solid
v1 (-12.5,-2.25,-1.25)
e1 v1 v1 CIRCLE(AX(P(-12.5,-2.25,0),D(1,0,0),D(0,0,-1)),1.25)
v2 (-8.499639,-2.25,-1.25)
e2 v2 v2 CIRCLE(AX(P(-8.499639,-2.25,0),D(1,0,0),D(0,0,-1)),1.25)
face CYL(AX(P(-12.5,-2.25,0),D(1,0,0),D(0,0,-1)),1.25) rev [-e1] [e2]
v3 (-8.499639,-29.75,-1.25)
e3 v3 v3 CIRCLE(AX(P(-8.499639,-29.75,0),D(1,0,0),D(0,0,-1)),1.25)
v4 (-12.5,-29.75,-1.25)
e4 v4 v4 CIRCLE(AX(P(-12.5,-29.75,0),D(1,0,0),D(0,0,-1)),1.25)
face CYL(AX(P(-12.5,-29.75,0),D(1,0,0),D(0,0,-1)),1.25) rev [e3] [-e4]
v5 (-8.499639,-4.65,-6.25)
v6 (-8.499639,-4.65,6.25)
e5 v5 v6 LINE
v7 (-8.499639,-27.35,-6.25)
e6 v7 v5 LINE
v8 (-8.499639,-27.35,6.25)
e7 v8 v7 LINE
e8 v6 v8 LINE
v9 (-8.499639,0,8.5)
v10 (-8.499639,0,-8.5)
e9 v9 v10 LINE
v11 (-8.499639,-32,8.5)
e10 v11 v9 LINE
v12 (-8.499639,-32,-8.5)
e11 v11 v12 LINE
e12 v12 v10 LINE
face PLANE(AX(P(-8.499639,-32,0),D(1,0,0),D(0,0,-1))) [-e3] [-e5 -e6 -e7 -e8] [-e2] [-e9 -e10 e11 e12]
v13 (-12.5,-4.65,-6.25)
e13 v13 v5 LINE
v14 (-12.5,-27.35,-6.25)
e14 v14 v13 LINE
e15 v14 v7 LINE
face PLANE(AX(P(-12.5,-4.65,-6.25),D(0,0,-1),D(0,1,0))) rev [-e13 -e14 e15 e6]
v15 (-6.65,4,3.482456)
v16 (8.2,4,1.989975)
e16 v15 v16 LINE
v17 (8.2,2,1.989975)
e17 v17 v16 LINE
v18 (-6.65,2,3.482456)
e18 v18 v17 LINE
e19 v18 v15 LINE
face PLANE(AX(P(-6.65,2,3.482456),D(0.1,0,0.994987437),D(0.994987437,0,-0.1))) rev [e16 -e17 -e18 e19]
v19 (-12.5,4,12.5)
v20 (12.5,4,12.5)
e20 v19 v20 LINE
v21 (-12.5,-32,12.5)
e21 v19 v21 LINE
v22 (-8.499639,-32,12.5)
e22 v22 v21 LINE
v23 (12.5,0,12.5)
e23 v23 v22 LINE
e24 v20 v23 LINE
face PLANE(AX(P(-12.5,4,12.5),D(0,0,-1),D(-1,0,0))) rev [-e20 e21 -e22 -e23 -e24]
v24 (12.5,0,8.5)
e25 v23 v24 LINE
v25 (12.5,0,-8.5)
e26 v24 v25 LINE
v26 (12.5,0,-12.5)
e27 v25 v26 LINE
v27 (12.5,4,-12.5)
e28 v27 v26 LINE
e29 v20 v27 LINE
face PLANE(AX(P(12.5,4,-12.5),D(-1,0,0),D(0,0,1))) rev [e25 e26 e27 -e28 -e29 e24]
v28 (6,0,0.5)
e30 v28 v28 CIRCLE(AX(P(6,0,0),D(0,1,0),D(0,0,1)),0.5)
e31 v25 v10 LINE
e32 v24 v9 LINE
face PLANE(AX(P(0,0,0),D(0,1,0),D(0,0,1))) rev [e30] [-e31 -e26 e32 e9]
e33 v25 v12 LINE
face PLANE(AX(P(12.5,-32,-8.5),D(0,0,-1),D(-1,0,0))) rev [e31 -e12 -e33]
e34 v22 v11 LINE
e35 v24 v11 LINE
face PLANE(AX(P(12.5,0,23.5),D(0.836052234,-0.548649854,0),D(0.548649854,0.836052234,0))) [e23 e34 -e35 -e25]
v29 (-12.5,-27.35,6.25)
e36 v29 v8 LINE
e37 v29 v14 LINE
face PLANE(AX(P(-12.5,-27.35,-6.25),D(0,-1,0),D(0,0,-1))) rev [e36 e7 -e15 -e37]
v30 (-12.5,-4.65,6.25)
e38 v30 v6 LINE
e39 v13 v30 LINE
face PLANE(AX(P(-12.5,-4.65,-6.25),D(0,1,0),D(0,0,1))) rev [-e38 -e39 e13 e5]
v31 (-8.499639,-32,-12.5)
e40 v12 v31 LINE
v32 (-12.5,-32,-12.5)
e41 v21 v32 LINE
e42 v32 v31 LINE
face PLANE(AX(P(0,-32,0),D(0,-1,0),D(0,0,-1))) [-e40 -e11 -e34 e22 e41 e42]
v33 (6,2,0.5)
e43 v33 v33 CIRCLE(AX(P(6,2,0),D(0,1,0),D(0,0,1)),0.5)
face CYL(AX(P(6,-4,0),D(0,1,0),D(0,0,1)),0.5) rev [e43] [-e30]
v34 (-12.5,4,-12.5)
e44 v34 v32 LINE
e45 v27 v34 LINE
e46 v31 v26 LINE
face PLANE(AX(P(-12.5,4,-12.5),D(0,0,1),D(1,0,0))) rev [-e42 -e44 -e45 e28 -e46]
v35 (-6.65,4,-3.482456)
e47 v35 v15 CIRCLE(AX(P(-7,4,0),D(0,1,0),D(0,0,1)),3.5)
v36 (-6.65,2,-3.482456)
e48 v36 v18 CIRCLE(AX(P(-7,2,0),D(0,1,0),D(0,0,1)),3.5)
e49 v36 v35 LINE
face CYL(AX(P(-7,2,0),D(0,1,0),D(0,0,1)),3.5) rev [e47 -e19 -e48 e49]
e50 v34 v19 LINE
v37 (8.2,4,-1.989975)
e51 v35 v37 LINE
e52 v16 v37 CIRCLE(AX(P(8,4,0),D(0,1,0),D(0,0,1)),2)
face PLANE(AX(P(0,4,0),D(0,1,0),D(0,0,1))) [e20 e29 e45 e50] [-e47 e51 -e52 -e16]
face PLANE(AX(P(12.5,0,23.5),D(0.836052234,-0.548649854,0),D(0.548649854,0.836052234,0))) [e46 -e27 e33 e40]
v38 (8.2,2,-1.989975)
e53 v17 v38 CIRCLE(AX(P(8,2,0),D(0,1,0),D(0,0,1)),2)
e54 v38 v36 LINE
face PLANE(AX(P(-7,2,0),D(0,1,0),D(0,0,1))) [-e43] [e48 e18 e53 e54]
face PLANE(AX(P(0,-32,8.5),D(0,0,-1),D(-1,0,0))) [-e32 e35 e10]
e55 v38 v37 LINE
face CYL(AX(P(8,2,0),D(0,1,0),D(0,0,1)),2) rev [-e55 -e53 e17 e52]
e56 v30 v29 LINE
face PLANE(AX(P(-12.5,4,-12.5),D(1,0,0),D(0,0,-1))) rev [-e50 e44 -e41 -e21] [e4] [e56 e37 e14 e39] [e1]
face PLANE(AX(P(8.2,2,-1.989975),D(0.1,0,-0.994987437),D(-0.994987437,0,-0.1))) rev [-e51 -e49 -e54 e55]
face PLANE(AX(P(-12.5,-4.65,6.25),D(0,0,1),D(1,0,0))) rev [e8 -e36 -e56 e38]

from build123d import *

# Parameters (mm, degrees)
SKETCH_2_W               = 25
SKETCH_2_H               = 25
EXTRUDE_1_DEPTH          = 4
EXTRUDE_2_DEPTH          = 4
CUT_EXTRUDE_START        = -6
CUT_EXTRUDE_1_DEPTH      = 6
SKETCH_8_R               = 0.5
CUT_EXTRUDE_2_DEPTH      = 6
SKETCH_11_W              = 20.999639265
SKETCH_11_H              = 4
EXTRUDE_3_DEPTH          = 32
CUT_EXTRUDE_4_DEPTH      = 32
CUT_EXTRUDE_4_DEPTH_BACK = 32
SKETCH_13_R              = 1.25
SKETCH_13_W              = 12.5
SKETCH_13_H              = 22.7
CUT_EXTRUDE_5_DEPTH      = 41.264560711


with BuildPart() as part:
    # 草图2 → 凸台-拉伸1 (new body)
    with BuildSketch(Plane(origin=(0, 0, 0), x_dir=(1, 0, 0), z_dir=(0, 1, 0))):
        Rectangle(SKETCH_2_W, SKETCH_2_H)
    extrude(amount=EXTRUDE_1_DEPTH)

    # 草图3 → 凸台-拉伸2 (add)
    with BuildSketch(Plane(origin=(0, 4, 0), x_dir=(1, 0, 0), z_dir=(0, 1, 0))):
        with BuildLine():
            ThreePointArc((-3.5, 0), (-4.40433053, 2.347871376), (-6.65, 3.48245603))
            Line((-6.65, 3.48245603), (-6.65, -3.48245603))
            ThreePointArc((-6.65, -3.48245603), (-4.40433053, -2.347871376), (-3.5, 0))
        make_face()
        with BuildLine():
            Line((-6.65, -3.48245603), (-6.65, 3.48245603))
            ThreePointArc((-6.65, 3.48245603), (-10.5, 0), (-6.65, -3.48245603))
        make_face()
        with BuildLine():
            ThreePointArc((-3.5, 0), (-4.40433053, 2.347871376), (-6.65, 3.48245603))
            Line((-6.65, 3.48245603), (-6.65, -3.48245603))
            ThreePointArc((-6.65, -3.48245603), (-4.40433053, -2.347871376), (-3.5, 0))
        make_face()
        with BuildLine():
            Line((-6.65, -3.48245603), (-6.65, 3.48245603))
            ThreePointArc((-6.65, 3.48245603), (-10.5, 0), (-6.65, -3.48245603))
        make_face()
        with BuildLine():
            Line((8.2, 1.989974874), (-6.65, 3.48245603))
            ThreePointArc((-6.65, 3.48245603), (-4.40433053, 2.347871376), (-3.5, 0))
            ThreePointArc((-3.5, 0), (-4.40433053, -2.347871376), (-6.65, -3.48245603))
            Line((-6.65, -3.48245603), (8.2, -1.989974874))
            ThreePointArc((8.2, -1.989974874), (6, 0), (8.2, 1.989974874))
        make_face()
        with BuildLine():
            ThreePointArc((10, 0), (9.483239697, 1.341640786), (8.2, 1.989974874))
            Line((8.2, 1.989974874), (8.2, -1.989974874))
            ThreePointArc((8.2, -1.989974874), (9.483239697, -1.341640786), (10, 0))
        make_face()
        with BuildLine():
            Line((8.2, -1.989974874), (8.2, 1.989974874))
            ThreePointArc((8.2, 1.989974874), (6, 0), (8.2, -1.989974874))
        make_face()
        with BuildLine():
            ThreePointArc((10, 0), (9.483239697, 1.341640786), (8.2, 1.989974874))
            Line((8.2, 1.989974874), (8.2, -1.989974874))
            ThreePointArc((8.2, -1.989974874), (9.483239697, -1.341640786), (10, 0))
        make_face()
        with BuildLine():
            Line((8.2, -1.989974874), (8.2, 1.989974874))
            ThreePointArc((8.2, 1.989974874), (6, 0), (8.2, -1.989974874))
        make_face()
    extrude(amount=EXTRUDE_2_DEPTH)

    # 草图7 → 切除-拉伸1 (cut)
    with BuildSketch(Plane(origin=(0, 8, 0), x_dir=(1, 0, 0), z_dir=(0, 1, 0)).offset(CUT_EXTRUDE_START)):
        with BuildLine():
            Line((-6.65, -3.48245603), (8.2, -1.989974874))
            ThreePointArc((8.2, -1.989974874), (10, 0), (8.2, 1.989974874))
            Line((8.2, 1.989974874), (-6.65, 3.48245603))
            ThreePointArc((-6.65, 3.48245603), (-10.5, 0), (-6.65, -3.48245603))
        make_face()
    extrude(amount=CUT_EXTRUDE_1_DEPTH, mode=Mode.SUBTRACT)

    # 草图8 → 切除-拉伸2 (cut)
    with BuildSketch(Plane(origin=(0, 2, 0), x_dir=(1, 0, 0), z_dir=(0, 1, 0))):
        with Locations(Location((6, 0, 0), (0, 0, 270))):
            Circle(SKETCH_8_R)
    extrude(amount=-CUT_EXTRUDE_2_DEPTH, mode=Mode.SUBTRACT)

    # 草图11 → 凸台-拉伸3 (add)
    with BuildSketch(Plane.XZ):
        with Locations((2.000180367, 10.5)):
            Rectangle(SKETCH_11_W, SKETCH_11_H)
        Polygon((-8.499639265, 8.5), (-8.499639265, 12.5), (-12.5, 12.5), (-12.5, -12.5), (-8.499639265, -12.5), (-8.499639265, -8.5), align=None)
        with Locations((2.000180367, -10.5)):
            Rectangle(SKETCH_11_W, SKETCH_11_H)
    extrude(amount=EXTRUDE_3_DEPTH)

    # 草图12 → 切除-拉伸4 (cut, two sides: drawn at the far end of the back side and taken through both)
    with BuildSketch(Plane.XY.offset(-8.5).offset(-CUT_EXTRUDE_4_DEPTH_BACK)):
        Polygon((12.5, 0), (-8.499639265, -32), (12.5, -32), align=None)
    extrude(amount=CUT_EXTRUDE_4_DEPTH + CUT_EXTRUDE_4_DEPTH_BACK, mode=Mode.SUBTRACT)

    # 草图13 → 切除-拉伸5 (cut, through all)
    with BuildSketch(Plane(origin=(-8.499639265, 0, 0), x_dir=(0, 0, -1), z_dir=(1, 0, 0))):
        with Locations((0, -29.75)):
            Circle(SKETCH_13_R)
        with Locations((0, -2.25)):
            Circle(SKETCH_13_R)
        with Locations((0, -16)):
            Rectangle(SKETCH_13_W, SKETCH_13_H)
    extrude(amount=-CUT_EXTRUDE_5_DEPTH, mode=Mode.SUBTRACT)


solid = part.part
